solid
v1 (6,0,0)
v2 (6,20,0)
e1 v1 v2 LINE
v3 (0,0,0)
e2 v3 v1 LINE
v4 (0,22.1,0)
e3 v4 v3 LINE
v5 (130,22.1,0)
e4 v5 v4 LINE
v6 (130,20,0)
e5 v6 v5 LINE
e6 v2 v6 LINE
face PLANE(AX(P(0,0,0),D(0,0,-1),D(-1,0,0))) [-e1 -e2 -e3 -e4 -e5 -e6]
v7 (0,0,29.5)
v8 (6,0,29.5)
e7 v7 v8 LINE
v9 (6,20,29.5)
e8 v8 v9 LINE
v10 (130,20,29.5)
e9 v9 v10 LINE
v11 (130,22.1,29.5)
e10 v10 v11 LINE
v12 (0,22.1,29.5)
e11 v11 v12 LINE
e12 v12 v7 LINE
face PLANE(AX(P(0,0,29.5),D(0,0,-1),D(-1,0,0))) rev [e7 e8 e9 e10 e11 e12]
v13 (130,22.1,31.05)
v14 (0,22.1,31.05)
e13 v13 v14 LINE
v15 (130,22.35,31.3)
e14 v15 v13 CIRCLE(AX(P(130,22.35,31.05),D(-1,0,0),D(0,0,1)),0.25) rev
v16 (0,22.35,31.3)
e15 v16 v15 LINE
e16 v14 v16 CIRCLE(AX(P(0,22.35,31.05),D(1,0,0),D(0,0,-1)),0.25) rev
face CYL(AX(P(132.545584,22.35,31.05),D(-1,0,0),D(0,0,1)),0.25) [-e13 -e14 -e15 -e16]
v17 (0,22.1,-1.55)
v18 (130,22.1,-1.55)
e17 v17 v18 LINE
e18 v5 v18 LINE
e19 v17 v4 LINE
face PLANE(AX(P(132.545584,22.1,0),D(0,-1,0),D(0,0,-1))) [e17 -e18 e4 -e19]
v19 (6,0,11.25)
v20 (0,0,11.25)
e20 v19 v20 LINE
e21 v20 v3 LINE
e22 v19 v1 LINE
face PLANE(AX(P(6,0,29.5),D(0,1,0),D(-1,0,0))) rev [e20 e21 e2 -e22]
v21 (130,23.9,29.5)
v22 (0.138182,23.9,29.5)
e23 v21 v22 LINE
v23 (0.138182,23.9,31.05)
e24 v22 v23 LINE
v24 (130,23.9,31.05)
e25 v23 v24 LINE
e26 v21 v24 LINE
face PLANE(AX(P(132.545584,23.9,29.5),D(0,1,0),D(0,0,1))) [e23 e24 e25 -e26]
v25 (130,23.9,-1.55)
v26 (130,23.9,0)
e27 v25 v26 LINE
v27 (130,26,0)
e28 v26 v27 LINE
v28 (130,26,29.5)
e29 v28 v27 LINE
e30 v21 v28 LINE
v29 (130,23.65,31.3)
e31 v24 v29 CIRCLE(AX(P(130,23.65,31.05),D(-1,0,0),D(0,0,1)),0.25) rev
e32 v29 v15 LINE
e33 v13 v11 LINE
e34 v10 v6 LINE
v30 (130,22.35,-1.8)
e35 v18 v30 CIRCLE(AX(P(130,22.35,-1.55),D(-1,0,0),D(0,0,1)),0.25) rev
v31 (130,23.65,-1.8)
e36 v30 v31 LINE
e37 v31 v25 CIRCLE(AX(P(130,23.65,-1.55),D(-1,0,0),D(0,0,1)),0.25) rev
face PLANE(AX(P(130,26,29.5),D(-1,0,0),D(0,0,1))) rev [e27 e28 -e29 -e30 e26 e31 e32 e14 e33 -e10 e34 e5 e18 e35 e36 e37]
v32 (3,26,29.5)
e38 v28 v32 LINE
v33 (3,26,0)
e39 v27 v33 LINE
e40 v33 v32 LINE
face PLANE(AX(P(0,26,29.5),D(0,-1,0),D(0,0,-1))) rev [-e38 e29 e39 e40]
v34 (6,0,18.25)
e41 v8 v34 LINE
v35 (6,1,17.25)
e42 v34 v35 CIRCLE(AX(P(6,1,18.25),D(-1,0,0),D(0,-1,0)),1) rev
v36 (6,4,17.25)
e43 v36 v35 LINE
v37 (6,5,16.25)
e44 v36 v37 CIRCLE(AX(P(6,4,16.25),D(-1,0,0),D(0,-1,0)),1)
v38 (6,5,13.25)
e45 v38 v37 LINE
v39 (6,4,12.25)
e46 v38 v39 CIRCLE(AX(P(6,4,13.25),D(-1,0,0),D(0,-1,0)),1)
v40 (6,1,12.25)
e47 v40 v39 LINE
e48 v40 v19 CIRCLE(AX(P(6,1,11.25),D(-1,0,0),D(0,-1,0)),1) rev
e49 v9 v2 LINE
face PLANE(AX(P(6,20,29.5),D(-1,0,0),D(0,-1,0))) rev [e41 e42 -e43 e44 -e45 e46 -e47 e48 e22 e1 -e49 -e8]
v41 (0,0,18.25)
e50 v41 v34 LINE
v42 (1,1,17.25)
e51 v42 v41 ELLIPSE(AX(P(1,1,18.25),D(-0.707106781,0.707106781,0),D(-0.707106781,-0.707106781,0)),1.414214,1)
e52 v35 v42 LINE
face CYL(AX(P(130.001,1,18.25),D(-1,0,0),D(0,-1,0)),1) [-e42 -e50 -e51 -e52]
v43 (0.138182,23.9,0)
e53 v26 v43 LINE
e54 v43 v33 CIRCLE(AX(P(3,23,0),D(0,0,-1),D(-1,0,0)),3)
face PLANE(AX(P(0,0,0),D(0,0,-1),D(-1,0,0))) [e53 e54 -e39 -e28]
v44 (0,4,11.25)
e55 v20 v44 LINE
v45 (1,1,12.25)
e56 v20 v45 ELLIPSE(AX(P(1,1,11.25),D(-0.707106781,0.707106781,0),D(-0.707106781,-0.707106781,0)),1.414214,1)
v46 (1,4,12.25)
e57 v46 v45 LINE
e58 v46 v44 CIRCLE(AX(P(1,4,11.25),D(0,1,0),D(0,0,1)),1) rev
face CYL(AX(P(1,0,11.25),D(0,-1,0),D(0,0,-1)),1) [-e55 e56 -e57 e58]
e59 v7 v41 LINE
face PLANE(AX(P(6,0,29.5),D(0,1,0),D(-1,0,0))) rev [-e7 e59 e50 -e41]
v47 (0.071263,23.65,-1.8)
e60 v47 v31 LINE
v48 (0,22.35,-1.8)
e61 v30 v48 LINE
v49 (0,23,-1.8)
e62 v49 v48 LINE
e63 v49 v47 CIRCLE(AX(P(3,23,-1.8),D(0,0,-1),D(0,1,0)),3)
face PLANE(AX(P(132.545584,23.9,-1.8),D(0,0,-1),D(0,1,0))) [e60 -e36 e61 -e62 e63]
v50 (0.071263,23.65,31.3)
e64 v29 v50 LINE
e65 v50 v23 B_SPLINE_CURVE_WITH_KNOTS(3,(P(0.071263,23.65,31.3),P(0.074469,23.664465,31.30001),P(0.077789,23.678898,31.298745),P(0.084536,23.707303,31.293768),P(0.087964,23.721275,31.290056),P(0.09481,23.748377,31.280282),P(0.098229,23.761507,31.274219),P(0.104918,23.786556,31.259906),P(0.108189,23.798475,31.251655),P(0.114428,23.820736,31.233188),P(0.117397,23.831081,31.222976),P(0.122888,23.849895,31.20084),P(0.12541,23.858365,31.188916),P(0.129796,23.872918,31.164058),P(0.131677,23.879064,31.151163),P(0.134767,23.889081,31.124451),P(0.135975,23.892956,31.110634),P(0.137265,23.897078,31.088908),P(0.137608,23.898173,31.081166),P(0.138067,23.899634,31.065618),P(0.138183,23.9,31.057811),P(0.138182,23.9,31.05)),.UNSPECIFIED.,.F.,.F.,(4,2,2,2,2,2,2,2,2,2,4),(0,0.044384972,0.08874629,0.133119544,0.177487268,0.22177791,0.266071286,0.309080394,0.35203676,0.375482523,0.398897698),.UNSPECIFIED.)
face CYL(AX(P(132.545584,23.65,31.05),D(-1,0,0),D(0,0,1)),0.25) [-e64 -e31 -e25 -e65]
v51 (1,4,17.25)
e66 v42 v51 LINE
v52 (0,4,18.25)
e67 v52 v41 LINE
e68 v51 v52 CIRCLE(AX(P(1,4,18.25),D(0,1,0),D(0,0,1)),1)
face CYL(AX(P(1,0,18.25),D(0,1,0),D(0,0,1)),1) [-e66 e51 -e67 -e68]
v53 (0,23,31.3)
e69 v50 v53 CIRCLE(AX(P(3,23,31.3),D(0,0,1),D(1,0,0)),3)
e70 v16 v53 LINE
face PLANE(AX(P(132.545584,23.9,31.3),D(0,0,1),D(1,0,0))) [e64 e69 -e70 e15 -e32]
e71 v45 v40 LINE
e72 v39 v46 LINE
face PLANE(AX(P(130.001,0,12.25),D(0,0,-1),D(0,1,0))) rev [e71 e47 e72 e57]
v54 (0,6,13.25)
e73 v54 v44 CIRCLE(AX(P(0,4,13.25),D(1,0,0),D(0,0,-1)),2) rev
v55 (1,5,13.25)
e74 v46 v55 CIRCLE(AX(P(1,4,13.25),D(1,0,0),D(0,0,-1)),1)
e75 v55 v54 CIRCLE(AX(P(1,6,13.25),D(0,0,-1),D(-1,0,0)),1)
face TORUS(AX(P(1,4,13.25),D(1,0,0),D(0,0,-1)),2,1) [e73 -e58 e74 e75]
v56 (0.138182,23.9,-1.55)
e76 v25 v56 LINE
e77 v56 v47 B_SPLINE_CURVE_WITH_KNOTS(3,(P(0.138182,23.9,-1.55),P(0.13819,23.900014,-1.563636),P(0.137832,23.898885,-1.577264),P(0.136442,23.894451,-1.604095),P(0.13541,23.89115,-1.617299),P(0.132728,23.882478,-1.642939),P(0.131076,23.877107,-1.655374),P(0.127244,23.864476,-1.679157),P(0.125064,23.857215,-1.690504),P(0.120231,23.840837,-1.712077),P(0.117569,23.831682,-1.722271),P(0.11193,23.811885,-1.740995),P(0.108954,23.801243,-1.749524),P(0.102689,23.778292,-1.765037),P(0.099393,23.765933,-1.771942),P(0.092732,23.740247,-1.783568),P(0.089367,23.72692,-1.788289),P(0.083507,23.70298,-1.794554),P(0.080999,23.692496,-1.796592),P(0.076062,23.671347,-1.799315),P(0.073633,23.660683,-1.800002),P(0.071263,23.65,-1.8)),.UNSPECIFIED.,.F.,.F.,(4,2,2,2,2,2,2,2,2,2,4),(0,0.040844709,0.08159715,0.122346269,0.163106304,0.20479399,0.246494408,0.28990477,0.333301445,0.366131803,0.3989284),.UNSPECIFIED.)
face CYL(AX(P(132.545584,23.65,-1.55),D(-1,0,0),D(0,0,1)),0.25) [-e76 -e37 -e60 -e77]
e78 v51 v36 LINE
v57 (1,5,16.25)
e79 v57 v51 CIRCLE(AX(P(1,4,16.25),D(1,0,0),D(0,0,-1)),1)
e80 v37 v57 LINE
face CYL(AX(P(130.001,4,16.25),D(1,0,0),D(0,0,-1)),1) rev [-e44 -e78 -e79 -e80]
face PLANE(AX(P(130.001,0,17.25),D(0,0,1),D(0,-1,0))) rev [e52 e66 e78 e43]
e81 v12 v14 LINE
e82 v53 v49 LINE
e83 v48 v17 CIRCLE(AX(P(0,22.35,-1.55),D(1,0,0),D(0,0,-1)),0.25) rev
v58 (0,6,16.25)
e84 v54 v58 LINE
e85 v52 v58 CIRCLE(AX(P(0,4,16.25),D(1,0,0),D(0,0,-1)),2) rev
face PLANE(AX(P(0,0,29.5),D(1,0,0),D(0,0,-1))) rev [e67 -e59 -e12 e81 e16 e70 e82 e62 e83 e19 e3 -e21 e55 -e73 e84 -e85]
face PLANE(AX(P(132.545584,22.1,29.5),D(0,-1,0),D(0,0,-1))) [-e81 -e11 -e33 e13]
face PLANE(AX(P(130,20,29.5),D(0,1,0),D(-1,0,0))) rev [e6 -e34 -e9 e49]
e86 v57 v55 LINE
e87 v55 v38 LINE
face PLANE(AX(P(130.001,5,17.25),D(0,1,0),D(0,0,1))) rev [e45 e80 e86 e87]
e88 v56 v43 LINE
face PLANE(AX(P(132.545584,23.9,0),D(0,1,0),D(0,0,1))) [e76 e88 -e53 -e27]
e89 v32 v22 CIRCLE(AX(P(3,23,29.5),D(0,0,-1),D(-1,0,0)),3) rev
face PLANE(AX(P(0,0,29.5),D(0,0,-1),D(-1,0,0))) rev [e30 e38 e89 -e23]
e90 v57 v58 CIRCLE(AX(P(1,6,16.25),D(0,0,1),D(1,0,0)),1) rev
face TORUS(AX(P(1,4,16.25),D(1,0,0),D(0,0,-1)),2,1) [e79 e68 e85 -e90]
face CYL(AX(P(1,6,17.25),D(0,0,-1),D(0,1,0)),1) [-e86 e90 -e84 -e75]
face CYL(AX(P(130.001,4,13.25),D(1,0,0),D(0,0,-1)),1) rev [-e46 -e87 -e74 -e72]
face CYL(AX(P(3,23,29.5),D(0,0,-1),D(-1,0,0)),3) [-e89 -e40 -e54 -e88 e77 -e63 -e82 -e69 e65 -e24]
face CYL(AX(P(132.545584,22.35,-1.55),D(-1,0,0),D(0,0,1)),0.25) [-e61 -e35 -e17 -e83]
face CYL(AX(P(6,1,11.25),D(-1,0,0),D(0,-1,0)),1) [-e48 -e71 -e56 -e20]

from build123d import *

# Parameters (mm, degrees)
BOSS_EXTRUDE1_DEPTH = 29.5
CUT_EXTRUDE1_REACH  = 132
SKETCH2_W           = 5
SKETCH2_H           = 5
SKETCH3_W           = 1.8
SKETCH3_H           = 1.8
BOSS_EXTRUDE2_DEPTH = 130
FILLET1_R           = 3
FILLET2_R           = 1
FILLET3_R           = 0.25


with BuildPart() as part:
    # Sketch1 → Boss-Extrude1 (new body)
    with BuildSketch(Plane.XY):
        Polygon((0, 0), (0, 26), (130, 26), (130, 20), (6, 20), (6, 0), align=None)
    extrude(amount=BOSS_EXTRUDE1_DEPTH)

    # Sketch2 → Cut-Extrude1 (cut, up to next)
    with BuildSketch(Plane.ZY, mode=Mode.PRIVATE) as cut_extrude1_sk1:
        with Locations((14.75, 2.5)):
            Rectangle(SKETCH2_W, SKETCH2_H)
    cut_extrude1_tool1 = extrude(cut_extrude1_sk1.sketch, amount=-CUT_EXTRUDE1_REACH, mode=Mode.PRIVATE) & part.part
    add(cut_extrude1_tool1.solids().sort_by_distance((0, 2.5, 14.75))[0], mode=Mode.SUBTRACT)

    # Sketch3 → Boss-Extrude2 (add)
    with BuildSketch(Plane.ZY):
        with Locations((-0.9, 23)):
            Rectangle(SKETCH3_W, SKETCH3_H)
        with Locations((30.4, 23)):
            Rectangle(SKETCH3_W, SKETCH3_H)
    extrude(amount=-BOSS_EXTRUDE2_DEPTH)

    # Fillet1
    fillet1_edges = [part.edges().sort_by_distance(p)[0] for p in [
        (0, 26, 14.75),
    ]]
    fillet(fillet1_edges, radius=FILLET1_R)

    # Fillet2
    fillet2_edges = [part.edges().sort_by_distance(p)[0] for p in [
        (3, 5, 17.25),
        (3, 0, 17.25),
        (3, 0, 12.25),
        (3, 5, 12.25),
        (0, 2.5, 17.25),
        (0, 5, 14.75),
        (0, 2.5, 12.25),
    ]]
    fillet(fillet2_edges, radius=FILLET2_R)

    # Fillet3
    fillet3_edges = [part.edges().sort_by_distance(p)[0] for p in [
        (65, 22.1, -1.8),
        (65.069091198, 23.9, -1.8),
        (65.069091198, 23.9, 31.3),
        (65, 22.1, 31.3),
    ]]
    fillet(fillet3_edges, radius=FILLET3_R)


solid = part.part
